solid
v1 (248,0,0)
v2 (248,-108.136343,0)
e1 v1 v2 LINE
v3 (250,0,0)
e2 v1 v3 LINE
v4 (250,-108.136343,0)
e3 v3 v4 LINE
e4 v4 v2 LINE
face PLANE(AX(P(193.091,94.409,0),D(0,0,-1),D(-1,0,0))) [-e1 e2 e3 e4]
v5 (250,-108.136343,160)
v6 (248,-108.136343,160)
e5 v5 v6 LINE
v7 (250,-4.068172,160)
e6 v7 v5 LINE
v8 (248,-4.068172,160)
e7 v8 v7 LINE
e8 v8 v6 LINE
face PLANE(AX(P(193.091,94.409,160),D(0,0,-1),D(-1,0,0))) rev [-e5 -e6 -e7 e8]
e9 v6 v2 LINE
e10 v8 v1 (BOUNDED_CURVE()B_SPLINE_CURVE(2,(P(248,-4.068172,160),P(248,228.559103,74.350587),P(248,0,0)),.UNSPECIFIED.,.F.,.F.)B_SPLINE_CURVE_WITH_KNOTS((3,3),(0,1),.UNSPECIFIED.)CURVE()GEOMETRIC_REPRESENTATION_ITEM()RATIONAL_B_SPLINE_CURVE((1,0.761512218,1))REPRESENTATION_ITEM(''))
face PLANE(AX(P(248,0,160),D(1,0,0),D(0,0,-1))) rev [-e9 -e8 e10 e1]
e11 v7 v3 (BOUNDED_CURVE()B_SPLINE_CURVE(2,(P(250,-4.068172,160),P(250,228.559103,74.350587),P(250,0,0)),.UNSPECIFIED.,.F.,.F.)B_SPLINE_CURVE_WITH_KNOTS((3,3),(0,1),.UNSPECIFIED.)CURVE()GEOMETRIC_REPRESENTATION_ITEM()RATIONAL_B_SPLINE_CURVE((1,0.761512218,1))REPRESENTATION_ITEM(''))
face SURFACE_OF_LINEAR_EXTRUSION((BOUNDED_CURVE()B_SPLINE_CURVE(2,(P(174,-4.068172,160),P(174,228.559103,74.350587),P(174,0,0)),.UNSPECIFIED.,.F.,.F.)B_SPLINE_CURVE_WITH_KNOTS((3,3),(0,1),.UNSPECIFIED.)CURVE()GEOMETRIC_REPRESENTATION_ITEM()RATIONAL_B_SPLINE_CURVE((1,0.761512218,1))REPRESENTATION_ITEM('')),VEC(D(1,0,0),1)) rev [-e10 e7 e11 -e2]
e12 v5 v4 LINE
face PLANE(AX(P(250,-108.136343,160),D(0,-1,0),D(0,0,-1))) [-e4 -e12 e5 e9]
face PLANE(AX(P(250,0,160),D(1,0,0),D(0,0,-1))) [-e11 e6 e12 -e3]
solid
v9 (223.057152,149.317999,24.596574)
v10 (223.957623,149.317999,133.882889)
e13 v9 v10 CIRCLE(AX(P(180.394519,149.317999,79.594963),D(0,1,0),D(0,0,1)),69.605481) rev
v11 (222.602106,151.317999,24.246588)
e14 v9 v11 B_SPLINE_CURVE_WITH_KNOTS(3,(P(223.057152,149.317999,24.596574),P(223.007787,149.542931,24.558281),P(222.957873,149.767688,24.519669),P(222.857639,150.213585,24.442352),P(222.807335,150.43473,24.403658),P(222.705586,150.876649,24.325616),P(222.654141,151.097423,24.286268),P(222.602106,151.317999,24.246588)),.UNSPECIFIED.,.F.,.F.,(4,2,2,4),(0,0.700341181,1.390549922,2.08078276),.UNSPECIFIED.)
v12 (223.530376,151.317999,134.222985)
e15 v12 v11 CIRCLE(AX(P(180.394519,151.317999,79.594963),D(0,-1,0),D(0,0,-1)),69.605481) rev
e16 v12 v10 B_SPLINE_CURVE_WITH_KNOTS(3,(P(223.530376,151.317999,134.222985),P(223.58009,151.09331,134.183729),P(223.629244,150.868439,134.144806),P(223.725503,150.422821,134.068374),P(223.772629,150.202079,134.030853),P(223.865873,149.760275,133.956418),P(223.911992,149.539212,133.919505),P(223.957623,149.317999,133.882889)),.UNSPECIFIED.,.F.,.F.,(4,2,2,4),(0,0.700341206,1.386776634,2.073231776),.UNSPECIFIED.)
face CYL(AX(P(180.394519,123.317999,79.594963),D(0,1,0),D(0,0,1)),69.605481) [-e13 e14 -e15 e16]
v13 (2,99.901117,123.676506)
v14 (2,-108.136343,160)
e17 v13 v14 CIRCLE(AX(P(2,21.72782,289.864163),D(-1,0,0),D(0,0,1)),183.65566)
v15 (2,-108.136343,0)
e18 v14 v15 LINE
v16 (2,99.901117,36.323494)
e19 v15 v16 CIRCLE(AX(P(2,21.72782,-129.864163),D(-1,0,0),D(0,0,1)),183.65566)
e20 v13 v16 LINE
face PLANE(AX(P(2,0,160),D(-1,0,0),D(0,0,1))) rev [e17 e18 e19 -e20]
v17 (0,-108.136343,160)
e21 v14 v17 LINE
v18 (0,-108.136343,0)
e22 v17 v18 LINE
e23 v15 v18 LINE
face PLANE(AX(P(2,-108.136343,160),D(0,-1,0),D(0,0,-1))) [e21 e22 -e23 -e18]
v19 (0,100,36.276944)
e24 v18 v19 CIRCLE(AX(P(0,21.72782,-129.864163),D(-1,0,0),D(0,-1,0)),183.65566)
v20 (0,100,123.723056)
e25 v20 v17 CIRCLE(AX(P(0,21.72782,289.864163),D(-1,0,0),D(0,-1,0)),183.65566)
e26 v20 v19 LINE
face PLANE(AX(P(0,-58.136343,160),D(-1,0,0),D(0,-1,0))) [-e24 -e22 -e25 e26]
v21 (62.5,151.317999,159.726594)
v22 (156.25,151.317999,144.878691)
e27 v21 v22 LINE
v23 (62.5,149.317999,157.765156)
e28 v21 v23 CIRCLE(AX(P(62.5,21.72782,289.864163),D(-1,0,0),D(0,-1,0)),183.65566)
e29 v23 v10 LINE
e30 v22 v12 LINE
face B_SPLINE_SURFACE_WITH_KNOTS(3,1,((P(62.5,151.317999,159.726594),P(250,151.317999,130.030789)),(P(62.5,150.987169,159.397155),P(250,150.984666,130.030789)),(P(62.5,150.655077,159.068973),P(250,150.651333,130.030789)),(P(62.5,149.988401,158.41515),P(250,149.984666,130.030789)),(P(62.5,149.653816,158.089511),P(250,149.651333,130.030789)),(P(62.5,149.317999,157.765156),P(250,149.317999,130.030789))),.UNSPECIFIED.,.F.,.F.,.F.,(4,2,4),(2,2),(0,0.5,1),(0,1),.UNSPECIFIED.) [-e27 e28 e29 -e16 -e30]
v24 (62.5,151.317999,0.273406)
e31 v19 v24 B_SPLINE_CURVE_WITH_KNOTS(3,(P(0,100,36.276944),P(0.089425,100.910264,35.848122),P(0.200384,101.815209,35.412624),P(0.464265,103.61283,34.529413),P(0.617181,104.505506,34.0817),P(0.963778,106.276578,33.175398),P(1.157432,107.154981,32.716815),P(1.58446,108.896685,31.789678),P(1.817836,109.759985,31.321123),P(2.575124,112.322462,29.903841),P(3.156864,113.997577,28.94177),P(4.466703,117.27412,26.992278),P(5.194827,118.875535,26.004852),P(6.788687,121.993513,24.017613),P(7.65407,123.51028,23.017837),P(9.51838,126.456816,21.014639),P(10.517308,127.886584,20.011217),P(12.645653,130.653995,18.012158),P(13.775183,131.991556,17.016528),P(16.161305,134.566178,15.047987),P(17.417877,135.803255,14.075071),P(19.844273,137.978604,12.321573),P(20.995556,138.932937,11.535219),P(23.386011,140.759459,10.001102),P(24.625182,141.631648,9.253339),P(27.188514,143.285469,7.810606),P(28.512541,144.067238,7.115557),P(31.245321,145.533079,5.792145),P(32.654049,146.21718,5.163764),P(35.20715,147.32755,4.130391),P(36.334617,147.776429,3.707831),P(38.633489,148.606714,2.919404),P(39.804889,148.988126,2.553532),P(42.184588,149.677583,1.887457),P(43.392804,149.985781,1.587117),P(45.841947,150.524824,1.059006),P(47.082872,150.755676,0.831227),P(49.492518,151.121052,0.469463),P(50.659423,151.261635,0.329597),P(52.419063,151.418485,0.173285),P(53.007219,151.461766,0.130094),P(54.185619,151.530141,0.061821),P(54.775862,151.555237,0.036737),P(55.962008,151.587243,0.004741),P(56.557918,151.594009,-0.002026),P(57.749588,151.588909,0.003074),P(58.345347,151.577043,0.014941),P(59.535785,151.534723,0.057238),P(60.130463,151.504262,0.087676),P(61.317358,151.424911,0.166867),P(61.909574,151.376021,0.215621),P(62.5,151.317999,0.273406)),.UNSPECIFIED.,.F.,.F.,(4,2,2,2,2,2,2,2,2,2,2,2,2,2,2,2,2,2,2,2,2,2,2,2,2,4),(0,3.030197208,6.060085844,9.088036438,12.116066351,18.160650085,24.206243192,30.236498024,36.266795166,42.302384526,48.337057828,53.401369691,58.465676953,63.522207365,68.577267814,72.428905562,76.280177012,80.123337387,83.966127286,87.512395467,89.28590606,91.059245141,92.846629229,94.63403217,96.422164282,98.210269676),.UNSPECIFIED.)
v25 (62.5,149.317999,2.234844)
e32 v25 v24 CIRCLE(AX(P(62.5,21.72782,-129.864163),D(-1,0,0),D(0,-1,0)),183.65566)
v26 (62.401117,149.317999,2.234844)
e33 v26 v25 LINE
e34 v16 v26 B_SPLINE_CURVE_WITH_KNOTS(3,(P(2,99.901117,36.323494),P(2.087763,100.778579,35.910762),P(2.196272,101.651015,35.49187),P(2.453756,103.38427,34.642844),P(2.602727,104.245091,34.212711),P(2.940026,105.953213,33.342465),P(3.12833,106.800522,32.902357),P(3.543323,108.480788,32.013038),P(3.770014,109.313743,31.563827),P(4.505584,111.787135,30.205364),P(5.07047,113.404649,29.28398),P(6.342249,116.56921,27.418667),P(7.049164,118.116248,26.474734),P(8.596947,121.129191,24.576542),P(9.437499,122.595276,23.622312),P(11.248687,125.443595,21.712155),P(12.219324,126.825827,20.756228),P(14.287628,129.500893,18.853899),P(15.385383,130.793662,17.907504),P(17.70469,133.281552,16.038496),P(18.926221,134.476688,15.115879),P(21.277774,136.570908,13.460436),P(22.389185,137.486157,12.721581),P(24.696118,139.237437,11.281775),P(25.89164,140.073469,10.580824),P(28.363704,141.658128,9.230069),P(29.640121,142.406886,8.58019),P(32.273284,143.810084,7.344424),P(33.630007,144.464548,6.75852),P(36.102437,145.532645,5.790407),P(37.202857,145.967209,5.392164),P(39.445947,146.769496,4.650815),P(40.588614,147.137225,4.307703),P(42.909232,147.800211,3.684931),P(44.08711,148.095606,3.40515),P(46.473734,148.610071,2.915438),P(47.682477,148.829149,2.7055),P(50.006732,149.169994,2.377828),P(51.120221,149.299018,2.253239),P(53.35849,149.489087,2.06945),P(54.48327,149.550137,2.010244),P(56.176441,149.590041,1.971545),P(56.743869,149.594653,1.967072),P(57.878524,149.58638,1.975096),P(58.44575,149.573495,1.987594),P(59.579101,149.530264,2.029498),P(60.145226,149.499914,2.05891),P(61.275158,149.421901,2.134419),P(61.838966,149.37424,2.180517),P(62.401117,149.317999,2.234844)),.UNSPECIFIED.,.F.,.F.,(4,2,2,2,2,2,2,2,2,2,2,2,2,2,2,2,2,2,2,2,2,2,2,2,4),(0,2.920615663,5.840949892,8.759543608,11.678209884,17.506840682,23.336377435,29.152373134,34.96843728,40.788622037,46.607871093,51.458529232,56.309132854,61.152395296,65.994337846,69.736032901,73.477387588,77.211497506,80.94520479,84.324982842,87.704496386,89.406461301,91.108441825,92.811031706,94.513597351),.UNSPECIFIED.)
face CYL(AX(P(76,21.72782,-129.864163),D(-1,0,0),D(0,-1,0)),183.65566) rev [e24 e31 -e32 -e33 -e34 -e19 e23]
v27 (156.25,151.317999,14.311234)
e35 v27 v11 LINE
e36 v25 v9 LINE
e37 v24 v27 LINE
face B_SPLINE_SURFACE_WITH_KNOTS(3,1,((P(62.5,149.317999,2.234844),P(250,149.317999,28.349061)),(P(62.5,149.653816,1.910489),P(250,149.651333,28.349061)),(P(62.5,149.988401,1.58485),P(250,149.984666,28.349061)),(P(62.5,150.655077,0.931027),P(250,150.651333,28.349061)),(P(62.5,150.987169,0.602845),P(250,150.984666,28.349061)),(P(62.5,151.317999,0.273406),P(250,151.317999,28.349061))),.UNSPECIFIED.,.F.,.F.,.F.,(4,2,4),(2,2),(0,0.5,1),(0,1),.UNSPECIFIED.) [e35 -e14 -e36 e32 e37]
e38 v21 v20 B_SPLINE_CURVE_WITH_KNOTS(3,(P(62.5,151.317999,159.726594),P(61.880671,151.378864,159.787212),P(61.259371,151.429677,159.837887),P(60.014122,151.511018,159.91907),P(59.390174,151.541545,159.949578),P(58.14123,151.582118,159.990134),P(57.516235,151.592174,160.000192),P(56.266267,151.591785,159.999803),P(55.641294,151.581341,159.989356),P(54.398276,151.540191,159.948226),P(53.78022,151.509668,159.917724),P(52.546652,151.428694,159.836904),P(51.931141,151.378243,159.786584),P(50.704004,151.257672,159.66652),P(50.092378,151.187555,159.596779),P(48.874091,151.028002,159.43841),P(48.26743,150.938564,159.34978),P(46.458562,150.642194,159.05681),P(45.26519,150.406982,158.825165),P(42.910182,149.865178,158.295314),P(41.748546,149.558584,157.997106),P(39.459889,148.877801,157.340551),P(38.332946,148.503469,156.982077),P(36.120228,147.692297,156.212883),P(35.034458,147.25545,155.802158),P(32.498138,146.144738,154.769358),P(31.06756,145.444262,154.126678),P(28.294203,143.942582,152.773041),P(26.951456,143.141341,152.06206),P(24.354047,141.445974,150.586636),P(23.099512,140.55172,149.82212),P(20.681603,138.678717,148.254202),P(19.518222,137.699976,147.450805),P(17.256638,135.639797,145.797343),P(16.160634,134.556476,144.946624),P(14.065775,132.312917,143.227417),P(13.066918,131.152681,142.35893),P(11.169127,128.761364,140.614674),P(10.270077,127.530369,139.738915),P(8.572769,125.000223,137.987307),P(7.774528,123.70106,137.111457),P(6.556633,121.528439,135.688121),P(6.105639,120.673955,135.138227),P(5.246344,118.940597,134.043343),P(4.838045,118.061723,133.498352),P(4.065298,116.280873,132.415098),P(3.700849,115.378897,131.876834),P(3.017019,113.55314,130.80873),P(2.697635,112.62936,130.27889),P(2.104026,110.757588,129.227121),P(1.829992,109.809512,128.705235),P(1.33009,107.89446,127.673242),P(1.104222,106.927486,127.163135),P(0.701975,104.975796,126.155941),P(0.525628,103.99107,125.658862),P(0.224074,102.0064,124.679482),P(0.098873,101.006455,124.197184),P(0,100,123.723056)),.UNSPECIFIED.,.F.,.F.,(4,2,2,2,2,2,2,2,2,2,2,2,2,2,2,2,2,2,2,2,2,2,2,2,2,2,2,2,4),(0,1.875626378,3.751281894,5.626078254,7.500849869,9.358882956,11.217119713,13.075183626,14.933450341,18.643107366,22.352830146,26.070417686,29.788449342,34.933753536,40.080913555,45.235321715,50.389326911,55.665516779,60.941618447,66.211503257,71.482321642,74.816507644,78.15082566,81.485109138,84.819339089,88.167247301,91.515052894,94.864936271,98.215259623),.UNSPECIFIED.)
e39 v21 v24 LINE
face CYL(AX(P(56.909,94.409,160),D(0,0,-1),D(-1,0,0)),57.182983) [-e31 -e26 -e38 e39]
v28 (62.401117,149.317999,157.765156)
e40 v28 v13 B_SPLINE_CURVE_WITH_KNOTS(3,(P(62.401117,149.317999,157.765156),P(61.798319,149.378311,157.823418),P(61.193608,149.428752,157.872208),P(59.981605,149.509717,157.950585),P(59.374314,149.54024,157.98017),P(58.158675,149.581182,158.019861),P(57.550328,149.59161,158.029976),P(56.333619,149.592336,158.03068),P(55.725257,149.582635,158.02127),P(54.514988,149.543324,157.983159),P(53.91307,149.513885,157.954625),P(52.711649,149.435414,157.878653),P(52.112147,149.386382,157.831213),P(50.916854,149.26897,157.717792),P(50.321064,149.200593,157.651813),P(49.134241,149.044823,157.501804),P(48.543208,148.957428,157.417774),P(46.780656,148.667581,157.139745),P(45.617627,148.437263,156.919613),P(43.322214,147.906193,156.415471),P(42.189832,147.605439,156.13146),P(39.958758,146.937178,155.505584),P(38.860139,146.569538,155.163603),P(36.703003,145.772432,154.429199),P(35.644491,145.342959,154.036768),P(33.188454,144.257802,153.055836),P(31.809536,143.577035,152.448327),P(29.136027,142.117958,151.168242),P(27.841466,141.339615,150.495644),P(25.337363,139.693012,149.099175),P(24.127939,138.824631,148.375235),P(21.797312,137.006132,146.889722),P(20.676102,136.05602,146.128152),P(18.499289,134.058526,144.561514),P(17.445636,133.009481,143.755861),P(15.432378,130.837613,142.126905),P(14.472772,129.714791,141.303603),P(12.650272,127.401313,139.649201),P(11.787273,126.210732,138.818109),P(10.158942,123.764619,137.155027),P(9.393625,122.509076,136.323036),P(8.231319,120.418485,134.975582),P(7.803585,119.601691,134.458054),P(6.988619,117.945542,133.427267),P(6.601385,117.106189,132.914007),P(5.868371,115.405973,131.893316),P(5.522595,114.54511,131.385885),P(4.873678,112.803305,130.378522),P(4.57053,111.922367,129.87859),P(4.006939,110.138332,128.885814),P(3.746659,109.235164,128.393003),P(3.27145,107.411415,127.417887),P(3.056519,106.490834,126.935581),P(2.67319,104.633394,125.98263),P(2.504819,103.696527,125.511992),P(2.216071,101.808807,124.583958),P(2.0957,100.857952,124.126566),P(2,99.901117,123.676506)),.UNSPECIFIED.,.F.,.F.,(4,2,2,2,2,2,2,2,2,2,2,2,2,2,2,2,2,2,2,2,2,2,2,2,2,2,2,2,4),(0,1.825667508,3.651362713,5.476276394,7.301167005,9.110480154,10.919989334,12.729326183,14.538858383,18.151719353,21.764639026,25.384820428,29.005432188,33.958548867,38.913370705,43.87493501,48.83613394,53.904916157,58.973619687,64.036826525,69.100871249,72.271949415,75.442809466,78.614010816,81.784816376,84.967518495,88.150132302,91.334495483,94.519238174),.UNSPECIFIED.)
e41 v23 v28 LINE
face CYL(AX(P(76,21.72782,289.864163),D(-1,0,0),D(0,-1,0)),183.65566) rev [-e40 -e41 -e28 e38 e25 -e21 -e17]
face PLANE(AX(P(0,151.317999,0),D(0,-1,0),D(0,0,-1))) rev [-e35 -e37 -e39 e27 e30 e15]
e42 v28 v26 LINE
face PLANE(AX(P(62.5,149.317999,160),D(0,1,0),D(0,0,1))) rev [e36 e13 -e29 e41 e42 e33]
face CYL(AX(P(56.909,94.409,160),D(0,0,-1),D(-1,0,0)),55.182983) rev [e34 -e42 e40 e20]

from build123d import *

# Parameters (mm, degrees)
EXTRUDE_THIN3_DEPTH = 160
SKETCH2_W           = 187.5
SKETCH2_H           = 160
CUT_EXTRUDE1_DEPTH  = 50
SKETCH3_W           = 41.338568599
SKETCH3_H           = 174.810809694
CUT_EXTRUDE2_DEPTH  = 50
CUT_EXTRUDE3_DEPTH  = 50
CUT_EXTRUDE4_DEPTH  = 76
CUT_EXTRUDE5_DEPTH  = 76
CUT_EXTRUDE6_DEPTH  = 76
SKETCH15_W          = 101.681727428
SKETCH15_H          = 2
CUT_EXTRUDE7_DEPTH  = 28


with BuildPart() as part:
    # Sketch1 → Extrude-Thin3 (new body)
    with BuildSketch(Plane.XY):
        with BuildLine():
            Line((0, -108.136343176), (0, -58.136343176))
            Line((0, -58.136343176), (0, 0))
            Line((0, 0), (0, 100))
            ThreePointArc((0, 100), (20.62169433, 138.603173517), (62.5, 151.317999385))
            Line((62.5, 151.317999385), (187.5, 151.317999385))
            ThreePointArc((187.5, 151.317999385), (229.37830567, 138.603173517), (250, 100))
            Line((250, 100), (250, 0))
            Line((250, 0), (250, -58.136343176))
            Line((250, -58.136343176), (250, -108.136343176))
            Line((250, -108.136343176), (248, -108.136343176))
            Line((248, -108.136343176), (248, -58.136343176))
            Line((248, -58.136343176), (248, 0))
            Line((248, 0), (248, 99.901116926))
            ThreePointArc((248, 99.901116926), (228.034012999, 137.119039063), (187.598883074, 149.317999385))
            Line((187.598883074, 149.317999385), (62.401116926, 149.317999385))
            ThreePointArc((62.401116926, 149.317999385), (21.965987001, 137.119039063), (2, 99.901116926))
            Line((2, 99.901116926), (2, 0))
            Line((2, 0), (2, -58.136343176))
            Line((2, -58.136343176), (2, -108.136343176))
            Line((2, -108.136343176), (0, -108.136343176))
        make_face()
    extrude(amount=EXTRUDE_THIN3_DEPTH)

    # Sketch2 → Cut-Extrude1 (cut)
    with BuildSketch(Plane(origin=(0, 151.317999385, 0), x_dir=(1, 0, 0), z_dir=(0, 1, 0))):
        with Locations((156.25, -80)):
            Rectangle(SKETCH2_W, SKETCH2_H)
    extrude(amount=-CUT_EXTRUDE1_DEPTH, mode=Mode.SUBTRACT)


with BuildPart() as cut_extrude1_piece_1:
    # of the separate pieces the step leaves, piece 1, a body of its own (cut_extrude1_pieces)
    add(part.part.solids().sort_by_distance((0, -108.136343176, 0))[0])

    # Sketch4 → Cut-Extrude3 (cut)
    with BuildSketch(Plane.ZY):
        with BuildLine():
            Line((0, 100), (0, -108.136343176))
            ThreePointArc((0, -108.136343176), (43.106448083, -4.068171588), (0, 100))
        make_face()
        with BuildLine():
            Line((160, 100), (160, -108.136343176))
            ThreePointArc((160, -108.136343176), (116.893551917, -4.068171588), (160, 100))
        make_face()
    extrude(amount=-CUT_EXTRUDE3_DEPTH, mode=Mode.SUBTRACT)

    # Sketch10 → Cut-Extrude4 (cut)
    with BuildSketch(Plane.ZY):
        with BuildLine():
            Line((160, 151.591982567), (160, -108.136343176))
            ThreePointArc((160, -108.136343176), (106.208502472, 21.727819696), (160, 151.591982567))
        make_face()
    extrude(amount=-CUT_EXTRUDE4_DEPTH, mode=Mode.SUBTRACT)

    # Sketch11 → Cut-Extrude5 (cut)
    with BuildSketch(Plane.ZY):
        with BuildLine():
            Line((0, 151.591982567), (0, -108.136343176))
            ThreePointArc((0, -108.136343176), (53.791497528, 21.727819696), (0, 151.591982567))
        make_face()
    extrude(amount=-CUT_EXTRUDE5_DEPTH, mode=Mode.SUBTRACT)

    # Sketch15 → section 1 of loft2
    with BuildSketch(Plane(origin=(250, 0, 0), x_dir=(0, 0, -1), z_dir=(1, 0, 0)), mode=Mode.PRIVATE) as loft2_s1:
        with Locations((-79.189925073, 150.317999385)):
            Rectangle(SKETCH15_W, SKETCH15_H)
    # loft from a face of the part (loft2)
    loft([cut_extrude1_piece_1.faces().sort_by_distance((62.5, 150.322150962, 80))[0], loft2_s1.sketch])

    # Sketch16 → Cut-Extrude7 (cut)
    with BuildSketch(Plane(origin=(0, 151.317999385, 0), x_dir=(1, 0, 0), z_dir=(0, 1, 0))):
        with BuildLine():
            Line((156.25, -14.311233858), (176.822030282, 28.432325683))
            Line((176.822030282, 28.432325683), (259.553291399, -32.590672084))
            Line((259.553291399, -32.590672084), (263.183560197, -157.384709674))
            Line((263.183560197, -157.384709674), (159.971927258, -160.387144549))
            Line((159.971927258, -160.387144549), (156.25, -144.878691215))
            ThreePointArc((156.25, -144.878691215), (250, -79.594962536), (156.25, -14.311233858))
        make_face()
    extrude(amount=-CUT_EXTRUDE7_DEPTH, mode=Mode.SUBTRACT)


with BuildPart() as cut_extrude1_piece_2:
    # of the separate pieces the step leaves, piece 2, a body of its own (cut_extrude1_pieces)
    add(part.part.solids().sort_by_distance((249.855066879, 101.317999385, 160))[0])

    # Sketch12 → Cut-Extrude6 (cut)
    with BuildSketch(Plane(origin=(250, 0, 0), x_dir=(0, 0, -1), z_dir=(1, 0, 0))):
        with BuildLine():
            Line((-160, -4.068171588), (-160, 100))
            Line((-160, 100), (-160, 129.751357578))
            Line((-160, 129.751357578), (0, 129.751357578))
            Line((0, 129.751357578), (0, 0))
            add(Edge.make_bspline(
                [(-160, -4.068171588), (-74.35058709, 228.559103464), (0, 0)],
                knots=[0, 0, 0, 1, 1, 1], degree=2, weights=[1, 0.761512218, 1]))
        make_face()
    extrude(amount=-CUT_EXTRUDE6_DEPTH, mode=Mode.SUBTRACT)


with BuildPart() as cut_extrude1_piece_3:
    # of the separate pieces the step leaves, piece 3, a body of its own (cut_extrude1_pieces)
    add(part.part.solids().sort_by_distance((198.682000615, 151.317999385, 160))[0])

    # Sketch3 → Cut-Extrude2 (cut)
    with BuildSketch(Plane.XZ.offset(-151.317999385)):
        with Locations((192.9519608, 76.21738588)):
            Rectangle(SKETCH3_W, SKETCH3_H)
    extrude(amount=-CUT_EXTRUDE2_DEPTH, mode=Mode.SUBTRACT)


solid = Compound([cut_extrude1_piece_1.part, cut_extrude1_piece_2.part])
